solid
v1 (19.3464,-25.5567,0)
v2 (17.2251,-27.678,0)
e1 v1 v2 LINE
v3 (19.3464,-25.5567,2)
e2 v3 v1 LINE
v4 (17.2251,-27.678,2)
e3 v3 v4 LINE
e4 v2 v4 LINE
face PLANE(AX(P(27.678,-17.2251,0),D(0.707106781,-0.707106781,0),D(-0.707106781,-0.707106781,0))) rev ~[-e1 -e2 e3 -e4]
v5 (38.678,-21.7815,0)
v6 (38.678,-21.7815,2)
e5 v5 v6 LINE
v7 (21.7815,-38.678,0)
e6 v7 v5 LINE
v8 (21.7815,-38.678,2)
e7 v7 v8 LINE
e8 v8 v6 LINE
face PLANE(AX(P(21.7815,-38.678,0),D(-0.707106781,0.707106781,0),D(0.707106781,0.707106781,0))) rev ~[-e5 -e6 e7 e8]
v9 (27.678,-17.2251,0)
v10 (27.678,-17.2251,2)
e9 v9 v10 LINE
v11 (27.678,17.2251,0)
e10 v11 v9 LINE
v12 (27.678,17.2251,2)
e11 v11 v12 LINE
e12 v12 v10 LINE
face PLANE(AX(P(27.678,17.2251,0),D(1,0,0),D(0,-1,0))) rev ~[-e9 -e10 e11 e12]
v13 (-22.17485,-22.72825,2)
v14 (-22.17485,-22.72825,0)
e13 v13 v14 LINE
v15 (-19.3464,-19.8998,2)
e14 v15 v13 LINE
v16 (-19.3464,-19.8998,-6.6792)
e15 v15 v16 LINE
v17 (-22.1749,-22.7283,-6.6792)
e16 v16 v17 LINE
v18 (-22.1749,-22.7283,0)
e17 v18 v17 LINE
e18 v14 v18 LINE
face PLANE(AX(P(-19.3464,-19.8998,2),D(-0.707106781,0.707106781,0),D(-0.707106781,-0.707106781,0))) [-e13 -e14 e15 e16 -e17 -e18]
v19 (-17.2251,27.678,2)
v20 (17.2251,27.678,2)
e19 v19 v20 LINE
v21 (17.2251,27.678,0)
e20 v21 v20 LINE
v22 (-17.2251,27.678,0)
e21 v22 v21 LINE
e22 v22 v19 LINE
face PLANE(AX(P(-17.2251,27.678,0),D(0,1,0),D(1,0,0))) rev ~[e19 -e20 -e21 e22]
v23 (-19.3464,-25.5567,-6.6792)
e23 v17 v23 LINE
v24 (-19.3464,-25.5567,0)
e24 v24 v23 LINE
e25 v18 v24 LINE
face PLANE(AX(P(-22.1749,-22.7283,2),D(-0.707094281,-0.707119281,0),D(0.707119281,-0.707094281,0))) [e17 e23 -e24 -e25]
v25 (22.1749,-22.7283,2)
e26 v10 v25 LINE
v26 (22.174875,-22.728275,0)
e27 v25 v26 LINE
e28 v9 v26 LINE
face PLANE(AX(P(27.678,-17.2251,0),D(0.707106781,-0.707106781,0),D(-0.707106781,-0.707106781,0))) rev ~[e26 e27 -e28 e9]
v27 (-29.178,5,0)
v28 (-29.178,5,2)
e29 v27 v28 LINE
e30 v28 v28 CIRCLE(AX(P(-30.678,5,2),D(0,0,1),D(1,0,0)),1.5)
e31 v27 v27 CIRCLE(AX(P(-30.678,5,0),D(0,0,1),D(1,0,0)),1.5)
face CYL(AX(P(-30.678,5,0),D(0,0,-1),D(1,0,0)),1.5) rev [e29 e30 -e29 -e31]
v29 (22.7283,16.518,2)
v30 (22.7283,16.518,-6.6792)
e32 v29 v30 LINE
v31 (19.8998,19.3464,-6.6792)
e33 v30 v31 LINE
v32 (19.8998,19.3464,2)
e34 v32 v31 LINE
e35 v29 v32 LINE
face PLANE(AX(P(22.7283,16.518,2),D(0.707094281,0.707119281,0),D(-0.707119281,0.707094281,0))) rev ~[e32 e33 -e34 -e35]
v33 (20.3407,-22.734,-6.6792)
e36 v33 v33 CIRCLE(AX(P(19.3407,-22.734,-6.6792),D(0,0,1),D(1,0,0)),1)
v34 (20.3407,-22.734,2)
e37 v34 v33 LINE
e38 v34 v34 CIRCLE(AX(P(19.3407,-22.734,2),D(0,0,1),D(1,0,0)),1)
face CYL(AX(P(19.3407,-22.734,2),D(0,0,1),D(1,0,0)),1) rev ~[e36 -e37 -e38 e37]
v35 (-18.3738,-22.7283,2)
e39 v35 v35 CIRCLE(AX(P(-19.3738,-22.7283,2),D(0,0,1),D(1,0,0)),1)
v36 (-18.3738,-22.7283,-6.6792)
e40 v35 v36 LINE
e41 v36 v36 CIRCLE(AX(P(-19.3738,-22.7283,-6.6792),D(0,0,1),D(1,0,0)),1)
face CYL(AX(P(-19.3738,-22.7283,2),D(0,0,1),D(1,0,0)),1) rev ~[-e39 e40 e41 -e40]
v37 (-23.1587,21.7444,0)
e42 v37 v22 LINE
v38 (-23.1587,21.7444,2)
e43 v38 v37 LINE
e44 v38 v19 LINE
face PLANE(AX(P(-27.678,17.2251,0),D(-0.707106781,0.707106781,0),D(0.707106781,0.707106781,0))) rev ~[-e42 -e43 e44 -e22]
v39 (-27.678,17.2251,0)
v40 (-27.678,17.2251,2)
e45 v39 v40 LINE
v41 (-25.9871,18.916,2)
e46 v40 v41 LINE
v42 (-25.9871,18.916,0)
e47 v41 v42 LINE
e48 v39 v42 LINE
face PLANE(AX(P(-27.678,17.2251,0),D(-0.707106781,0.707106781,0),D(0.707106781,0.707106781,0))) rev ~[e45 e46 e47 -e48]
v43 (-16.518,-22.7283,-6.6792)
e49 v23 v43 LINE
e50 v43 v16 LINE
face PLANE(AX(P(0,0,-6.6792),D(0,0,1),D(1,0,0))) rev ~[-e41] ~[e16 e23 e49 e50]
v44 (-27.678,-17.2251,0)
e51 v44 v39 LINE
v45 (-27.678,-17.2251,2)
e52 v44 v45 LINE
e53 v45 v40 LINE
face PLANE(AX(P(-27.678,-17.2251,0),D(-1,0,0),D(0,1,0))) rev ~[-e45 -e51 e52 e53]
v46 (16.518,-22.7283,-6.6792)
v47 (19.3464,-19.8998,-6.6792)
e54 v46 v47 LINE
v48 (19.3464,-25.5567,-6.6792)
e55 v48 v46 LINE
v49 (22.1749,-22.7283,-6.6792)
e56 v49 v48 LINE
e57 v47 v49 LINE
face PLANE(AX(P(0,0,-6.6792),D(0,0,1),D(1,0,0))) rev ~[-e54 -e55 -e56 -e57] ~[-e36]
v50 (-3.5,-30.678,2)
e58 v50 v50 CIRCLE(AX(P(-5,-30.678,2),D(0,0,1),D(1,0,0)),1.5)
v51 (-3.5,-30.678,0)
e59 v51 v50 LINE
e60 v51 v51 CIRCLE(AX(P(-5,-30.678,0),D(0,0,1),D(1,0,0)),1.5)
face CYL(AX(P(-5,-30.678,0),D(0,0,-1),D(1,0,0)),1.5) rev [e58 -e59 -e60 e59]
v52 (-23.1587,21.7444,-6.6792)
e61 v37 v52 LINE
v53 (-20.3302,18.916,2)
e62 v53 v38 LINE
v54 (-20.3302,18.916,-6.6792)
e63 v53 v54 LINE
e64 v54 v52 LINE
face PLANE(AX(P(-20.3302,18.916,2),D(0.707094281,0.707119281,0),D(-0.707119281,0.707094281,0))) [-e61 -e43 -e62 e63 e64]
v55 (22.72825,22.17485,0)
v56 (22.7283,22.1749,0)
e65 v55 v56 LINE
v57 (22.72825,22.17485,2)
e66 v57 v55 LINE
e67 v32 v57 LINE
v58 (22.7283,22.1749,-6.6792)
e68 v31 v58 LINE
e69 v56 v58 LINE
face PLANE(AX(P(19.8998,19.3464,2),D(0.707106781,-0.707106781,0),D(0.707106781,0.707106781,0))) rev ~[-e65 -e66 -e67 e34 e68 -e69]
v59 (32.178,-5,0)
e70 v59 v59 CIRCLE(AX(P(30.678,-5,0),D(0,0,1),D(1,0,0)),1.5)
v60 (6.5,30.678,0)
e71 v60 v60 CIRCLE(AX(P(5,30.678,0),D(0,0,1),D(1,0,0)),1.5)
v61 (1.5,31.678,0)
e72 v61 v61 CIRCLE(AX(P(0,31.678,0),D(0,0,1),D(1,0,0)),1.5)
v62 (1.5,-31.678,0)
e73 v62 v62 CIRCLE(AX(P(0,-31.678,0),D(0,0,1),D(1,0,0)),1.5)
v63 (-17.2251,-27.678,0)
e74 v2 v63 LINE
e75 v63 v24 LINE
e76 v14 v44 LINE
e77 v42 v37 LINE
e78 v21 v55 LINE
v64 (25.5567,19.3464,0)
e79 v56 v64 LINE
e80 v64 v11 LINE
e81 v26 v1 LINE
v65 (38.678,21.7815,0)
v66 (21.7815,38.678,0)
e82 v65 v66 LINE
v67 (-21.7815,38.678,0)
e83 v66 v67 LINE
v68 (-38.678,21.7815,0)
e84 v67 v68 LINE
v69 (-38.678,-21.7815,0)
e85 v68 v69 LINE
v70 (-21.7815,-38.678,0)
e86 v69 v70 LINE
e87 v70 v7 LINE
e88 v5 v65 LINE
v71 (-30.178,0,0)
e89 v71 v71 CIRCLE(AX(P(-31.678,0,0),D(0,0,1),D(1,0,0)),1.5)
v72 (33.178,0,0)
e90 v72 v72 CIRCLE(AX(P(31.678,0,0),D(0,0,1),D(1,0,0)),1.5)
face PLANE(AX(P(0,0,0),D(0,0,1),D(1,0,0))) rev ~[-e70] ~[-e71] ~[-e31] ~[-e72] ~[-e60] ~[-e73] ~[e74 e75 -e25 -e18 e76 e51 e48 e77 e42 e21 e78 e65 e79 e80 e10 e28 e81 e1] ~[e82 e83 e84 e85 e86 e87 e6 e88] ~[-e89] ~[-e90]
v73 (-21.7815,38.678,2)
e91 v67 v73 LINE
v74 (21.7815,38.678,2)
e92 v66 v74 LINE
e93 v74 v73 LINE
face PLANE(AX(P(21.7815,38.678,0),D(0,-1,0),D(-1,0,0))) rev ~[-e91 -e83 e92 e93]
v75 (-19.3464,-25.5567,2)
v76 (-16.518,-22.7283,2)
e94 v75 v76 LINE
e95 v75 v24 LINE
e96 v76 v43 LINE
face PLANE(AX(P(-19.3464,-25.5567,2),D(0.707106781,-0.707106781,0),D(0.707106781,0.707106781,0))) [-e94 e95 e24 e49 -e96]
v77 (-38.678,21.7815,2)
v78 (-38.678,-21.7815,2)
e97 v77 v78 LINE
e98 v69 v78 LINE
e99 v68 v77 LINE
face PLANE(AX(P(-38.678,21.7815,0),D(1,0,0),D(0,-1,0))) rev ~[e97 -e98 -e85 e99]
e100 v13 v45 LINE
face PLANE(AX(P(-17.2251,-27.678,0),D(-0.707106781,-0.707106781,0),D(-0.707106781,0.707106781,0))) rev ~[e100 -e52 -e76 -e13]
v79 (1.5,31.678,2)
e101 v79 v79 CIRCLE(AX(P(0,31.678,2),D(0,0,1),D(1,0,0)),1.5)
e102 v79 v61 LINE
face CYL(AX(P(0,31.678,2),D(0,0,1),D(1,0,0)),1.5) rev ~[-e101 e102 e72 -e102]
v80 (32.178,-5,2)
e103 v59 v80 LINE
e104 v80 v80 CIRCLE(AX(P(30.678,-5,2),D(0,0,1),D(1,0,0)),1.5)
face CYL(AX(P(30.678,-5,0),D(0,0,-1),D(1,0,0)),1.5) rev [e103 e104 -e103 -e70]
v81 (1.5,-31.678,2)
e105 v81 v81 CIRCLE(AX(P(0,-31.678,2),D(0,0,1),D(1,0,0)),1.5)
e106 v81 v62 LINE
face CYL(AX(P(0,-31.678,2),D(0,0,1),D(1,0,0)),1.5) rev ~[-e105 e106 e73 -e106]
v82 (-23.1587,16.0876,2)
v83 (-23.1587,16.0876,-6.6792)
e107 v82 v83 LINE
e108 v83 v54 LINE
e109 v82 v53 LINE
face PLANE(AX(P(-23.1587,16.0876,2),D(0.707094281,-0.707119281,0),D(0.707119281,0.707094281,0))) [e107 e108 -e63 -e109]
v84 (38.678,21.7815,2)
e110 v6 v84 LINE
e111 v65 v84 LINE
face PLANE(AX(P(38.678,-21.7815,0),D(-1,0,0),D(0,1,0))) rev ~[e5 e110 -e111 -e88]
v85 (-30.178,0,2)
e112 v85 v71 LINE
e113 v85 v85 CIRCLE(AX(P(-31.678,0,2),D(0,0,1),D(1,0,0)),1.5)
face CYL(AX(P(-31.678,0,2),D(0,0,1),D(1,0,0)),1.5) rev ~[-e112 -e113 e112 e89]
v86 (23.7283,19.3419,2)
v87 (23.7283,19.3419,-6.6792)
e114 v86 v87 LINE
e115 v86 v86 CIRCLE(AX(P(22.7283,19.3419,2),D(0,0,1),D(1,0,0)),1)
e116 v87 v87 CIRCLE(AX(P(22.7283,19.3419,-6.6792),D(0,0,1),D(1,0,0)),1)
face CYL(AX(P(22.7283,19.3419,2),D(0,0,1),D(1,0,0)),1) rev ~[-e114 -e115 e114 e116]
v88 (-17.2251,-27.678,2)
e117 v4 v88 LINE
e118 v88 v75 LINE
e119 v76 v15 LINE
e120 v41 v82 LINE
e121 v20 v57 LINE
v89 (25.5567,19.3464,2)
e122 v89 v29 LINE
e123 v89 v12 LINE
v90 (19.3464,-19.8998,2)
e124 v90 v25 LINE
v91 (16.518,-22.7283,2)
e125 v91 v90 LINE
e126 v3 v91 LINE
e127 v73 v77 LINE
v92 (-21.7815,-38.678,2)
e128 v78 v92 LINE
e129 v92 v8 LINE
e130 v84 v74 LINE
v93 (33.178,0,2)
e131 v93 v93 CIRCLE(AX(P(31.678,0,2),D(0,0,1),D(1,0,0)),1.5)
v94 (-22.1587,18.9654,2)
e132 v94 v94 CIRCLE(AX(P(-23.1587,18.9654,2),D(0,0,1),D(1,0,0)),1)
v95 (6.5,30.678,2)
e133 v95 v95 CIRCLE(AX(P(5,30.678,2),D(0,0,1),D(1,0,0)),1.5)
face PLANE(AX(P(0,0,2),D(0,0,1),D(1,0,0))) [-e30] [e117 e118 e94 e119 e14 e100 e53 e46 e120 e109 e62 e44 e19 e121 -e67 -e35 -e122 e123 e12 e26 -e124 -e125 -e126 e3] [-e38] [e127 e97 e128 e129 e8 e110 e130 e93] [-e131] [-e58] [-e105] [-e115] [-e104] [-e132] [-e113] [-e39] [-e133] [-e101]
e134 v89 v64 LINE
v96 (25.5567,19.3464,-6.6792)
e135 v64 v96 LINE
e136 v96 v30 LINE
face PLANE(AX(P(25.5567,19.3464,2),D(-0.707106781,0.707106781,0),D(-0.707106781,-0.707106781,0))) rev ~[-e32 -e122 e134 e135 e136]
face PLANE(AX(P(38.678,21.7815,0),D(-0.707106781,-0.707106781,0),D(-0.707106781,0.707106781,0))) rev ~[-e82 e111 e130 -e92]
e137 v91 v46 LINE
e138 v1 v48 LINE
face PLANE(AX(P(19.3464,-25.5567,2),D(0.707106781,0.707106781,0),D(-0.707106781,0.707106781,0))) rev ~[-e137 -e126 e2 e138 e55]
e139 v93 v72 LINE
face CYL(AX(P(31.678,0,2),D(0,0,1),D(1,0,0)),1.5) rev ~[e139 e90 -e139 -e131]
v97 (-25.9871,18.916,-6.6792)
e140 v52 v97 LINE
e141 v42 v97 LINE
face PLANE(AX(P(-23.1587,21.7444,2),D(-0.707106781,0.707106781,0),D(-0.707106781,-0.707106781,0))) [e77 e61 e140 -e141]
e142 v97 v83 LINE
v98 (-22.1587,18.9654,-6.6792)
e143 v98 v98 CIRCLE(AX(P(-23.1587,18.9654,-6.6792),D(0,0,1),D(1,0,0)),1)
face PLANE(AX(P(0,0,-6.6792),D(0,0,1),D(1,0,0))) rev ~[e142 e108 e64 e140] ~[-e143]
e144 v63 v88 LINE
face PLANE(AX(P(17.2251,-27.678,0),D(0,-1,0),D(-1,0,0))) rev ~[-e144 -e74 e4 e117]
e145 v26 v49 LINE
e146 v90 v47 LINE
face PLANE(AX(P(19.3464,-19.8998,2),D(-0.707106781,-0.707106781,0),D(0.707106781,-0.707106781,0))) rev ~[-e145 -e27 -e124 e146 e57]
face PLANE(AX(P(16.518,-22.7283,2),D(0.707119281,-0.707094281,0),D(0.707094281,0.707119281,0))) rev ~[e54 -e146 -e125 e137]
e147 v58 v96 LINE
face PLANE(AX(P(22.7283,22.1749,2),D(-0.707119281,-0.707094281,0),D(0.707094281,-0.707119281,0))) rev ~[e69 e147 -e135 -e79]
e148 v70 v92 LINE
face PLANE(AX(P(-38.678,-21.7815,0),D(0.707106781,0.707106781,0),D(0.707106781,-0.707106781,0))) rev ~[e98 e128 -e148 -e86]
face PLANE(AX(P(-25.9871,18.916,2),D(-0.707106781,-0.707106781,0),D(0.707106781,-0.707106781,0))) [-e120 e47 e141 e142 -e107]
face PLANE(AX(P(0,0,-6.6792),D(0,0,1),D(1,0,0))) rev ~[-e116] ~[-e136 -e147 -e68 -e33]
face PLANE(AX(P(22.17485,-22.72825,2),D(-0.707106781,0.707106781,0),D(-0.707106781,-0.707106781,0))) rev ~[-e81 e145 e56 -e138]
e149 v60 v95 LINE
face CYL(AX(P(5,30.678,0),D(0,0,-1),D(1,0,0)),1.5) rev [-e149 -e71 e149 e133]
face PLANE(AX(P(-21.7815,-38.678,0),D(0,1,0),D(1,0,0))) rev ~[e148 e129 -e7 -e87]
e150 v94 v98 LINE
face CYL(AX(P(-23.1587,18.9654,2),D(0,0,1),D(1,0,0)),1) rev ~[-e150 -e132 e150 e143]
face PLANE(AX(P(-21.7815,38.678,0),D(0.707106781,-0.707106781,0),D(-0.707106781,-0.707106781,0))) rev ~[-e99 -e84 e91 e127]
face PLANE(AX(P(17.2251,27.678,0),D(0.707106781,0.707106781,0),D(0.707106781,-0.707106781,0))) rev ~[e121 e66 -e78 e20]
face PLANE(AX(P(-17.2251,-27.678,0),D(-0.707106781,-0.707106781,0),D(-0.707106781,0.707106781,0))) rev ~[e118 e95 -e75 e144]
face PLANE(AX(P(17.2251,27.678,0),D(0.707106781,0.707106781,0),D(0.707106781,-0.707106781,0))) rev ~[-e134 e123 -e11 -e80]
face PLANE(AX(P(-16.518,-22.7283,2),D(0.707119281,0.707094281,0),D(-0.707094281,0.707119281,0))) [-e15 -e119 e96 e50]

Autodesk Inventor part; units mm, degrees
ref_plane "YZ Plane" through (0, 0, 0) normal (1, 0, 0) x (0, 1, 0)
ref_plane "XZ Plane" through (0, 0, 0) normal (0, 1, 0) x (-1, 0, 0)
sketch "Эскиз1" plane through (0, 0, 0) normal (0, 0, 1) x (1, 0, 0)
  line L0 (-28.678, -17.6393) -> (-17.6393, -28.678) construction
  line L1 (-17.6393, -28.678) -> (-7, -28.678) construction
  line L2 (-7, -32.678) -> (-7, -28.678) construction
  line L3 (-3, -32.678) -> (-7, -32.678) construction
  line L4 (-3, -28.678) -> (-3, -32.678) construction
  line L5 (-3, -28.678) -> (17.6393, -28.678) construction
  line L6 (17.6393, -28.678) -> (28.678, -17.6393) construction
  line L7 (28.678, -17.6393) -> (28.678, -7) construction
  line L8 (32.678, -7) -> (28.678, -7) construction
  line L9 (32.678, -3) -> (32.678, -7) construction
  line L10 (28.678, -3) -> (32.678, -3) construction
  line L11 (28.678, -3) -> (28.678, 17.6393) construction
  line L12 (28.678, 17.6393) -> (17.6393, 28.678) construction
  line L13 (17.6393, 28.678) -> (7, 28.678) construction
  line L14 (7, 32.678) -> (7, 28.678) construction
  line L15 (3, 32.678) -> (7, 32.678) construction
  line L16 (3, 28.678) -> (3, 32.678) construction
  line L17 (3, 28.678) -> (-17.6393, 28.678) construction
  line L18 (-17.6393, 28.678) -> (-28.678, 17.6393) construction
  line L19 (-28.678, 17.6393) -> (-28.678, 7) construction
  line L20 (-32.678, 7) -> (-28.678, 7) construction
  line L21 (-32.678, 3) -> (-32.678, 7) construction
  line L22 (-28.678, 3) -> (-32.678, 3) construction
  line L23 (-28.678, 3) -> (-28.678, -17.6393) construction
  line L24 (-27.678, 17.2251) -> (-17.2251, 27.678) construction
  line L25 (-17.2251, 27.678) -> (17.2251, 27.678) construction
  line L26 (17.2251, 27.678) -> (27.678, 17.2251) construction
  line L27 (27.678, 17.2251) -> (27.678, -17.2251) construction
  line L28 (27.678, -17.2251) -> (17.2251, -27.678) construction
  line L29 (17.2251, -27.678) -> (-17.2251, -27.678) construction
  line L30 (-17.2251, -27.678) -> (-27.678, -17.2251) construction
  line L31 (-27.678, -17.2251) -> (-27.678, 17.2251) construction
  line L32 (38.678, 21.7815) -> (21.7815, 38.678)
  line L33 (21.7815, 38.678) -> (-21.7815, 38.678)
  line L34 (-21.7815, 38.678) -> (-38.678, 21.7815)
  line L35 (-38.678, 21.7815) -> (-38.678, -21.7815)
  line L36 (-38.678, -21.7815) -> (-21.7815, -38.678)
  line L37 (-21.7815, -38.678) -> (21.7815, -38.678)
  line L38 (21.7815, -38.678) -> (38.678, -21.7815)
  line L39 (38.678, -21.7815) -> (38.678, 21.7815)
  line L40 (17.2251, 27.678) -> (27.678, 17.2251)
  line L41 (27.678, 17.2251) -> (27.678, -17.2251)
  line L42 (27.678, -17.2251) -> (17.2251, -27.678)
  line L43 (17.2251, -27.678) -> (-17.2251, -27.678)
  line L44 (-17.2251, -27.678) -> (-27.678, -17.2251)
  line L45 (-27.678, -17.2251) -> (-27.678, 17.2251)
  line L46 (-27.678, 17.2251) -> (-17.2251, 27.678)
  line L47 (-17.2251, 27.678) -> (17.2251, 27.678)
  circle A0 centre (30.678, -5) radius 1.5
  circle A1 centre (5, 30.678) radius 1.5
  circle A2 centre (-30.678, 5) radius 1.5
  circle A3 centre (-5, -30.678) radius 1.5
  circle A4 centre (5, 30.678) radius 1 projected
  circle A5 centre (-30.678, 5) radius 1 projected
  circle A6 centre (30.678, -5) radius 1 projected
  circle A7 centre (-5, -30.678) radius 1 projected
  point P0 (0, 0)
  dimension "d0" = 11
  dimension "d1" = 11
  dimension "d4" = 3
  dimension "d5" = 3
  dimension "d6" = 3
  dimension "d7" = 3
extrude "Выдавливание2" add sketch "Эскиз1" along normal blind 2 contours L39 L38 L37 L36 L35 L34 L33 L32
sketch "Эскиз2" plane through (0, 0, 2) normal (0, 0, 1) x (1, 0, 0)
  line L0 (21.7815, 38.678) -> (-21.7815, 38.678) construction
  line L1 (-21.7815, 38.678) -> (-38.678, 21.7815) construction
  line L2 (-38.678, 21.7815) -> (-38.678, -21.7815) construction
  line L3 (-38.678, -21.7815) -> (-21.7815, -38.678) construction
  line L4 (-21.7815, -38.678) -> (21.7815, -38.678) construction
  line L5 (21.7815, -38.678) -> (38.678, -21.7815) construction
  line L6 (38.678, -21.7815) -> (38.678, 21.7815) construction
  line L7 (38.678, 21.7815) -> (21.7815, 38.678) construction
  line L8 (17.2251, 27.678) -> (27.678, 17.2251) construction
  line L9 (27.678, 17.2251) -> (27.678, -17.2251) construction
  line L10 (27.678, -17.2251) -> (17.2251, -27.678) construction
  line L11 (17.2251, -27.678) -> (-17.2251, -27.678) construction
  line L12 (-17.2251, -27.678) -> (-27.678, -17.2251) construction
  line L13 (-27.678, -17.2251) -> (-27.678, 17.2251) construction
  line L14 (-27.678, 17.2251) -> (-17.2251, 27.678) construction
  line L15 (-17.2251, 27.678) -> (17.2251, 27.678) construction
  circle A0 centre (-5, -30.678) radius 1.5 construction
  circle A1 centre (-30.678, 5) radius 1.5 construction
  circle A2 centre (5, 30.678) radius 1.5 construction
  circle A3 centre (30.678, -5) radius 1.5 construction
  line L16 (27.678, -17.2251) -> (17.2251, -27.678) projected
  line L17 (22.1749, -22.7283) -> (19.3464, -25.5567)
  line L18 (19.3464, -25.5567) -> (16.518, -22.7283)
  line L19 (16.518, -22.7283) -> (19.3464, -19.8998)
  line L20 (19.3464, -19.8998) -> (22.1749, -22.7283)
  line L21 (17.2251, -27.678) -> (-17.2251, -27.678) construction
  line L22 (0, -27.678) -> (0, 27.678) construction
  line L23 (27.678, 17.2251) -> (27.678, -17.2251) construction
  line L24 (27.678, 0) -> (-27.678, 0) construction
  line L25 (-27.678, -17.2251) -> (-27.678, 17.2251) construction
  line L26 (-22.1749, -22.7283) -> (-19.3464, -25.5567)
  line L27 (-19.3464, -25.5567) -> (-16.518, -22.7283)
  line L28 (-16.518, -22.7283) -> (-19.3464, -19.8998)
  line L29 (-19.3464, -19.8998) -> (-22.1749, -22.7283)
  line L30 (-27.678, 17.2251) -> (-17.2251, 27.678) construction
  line L31 (22.4516, -22.4516) -> (-22.4516, 22.4516) construction
  line L32 (27.678, 17.2251) -> (17.2251, 27.678) construction
  line L33 (22.7283, 22.1749) -> (25.5567, 19.3464)
  line L34 (19.8998, 19.3464) -> (22.7283, 22.1749)
  line L35 (22.7283, 16.518) -> (19.8998, 19.3464)
  line L36 (25.5567, 19.3464) -> (22.7283, 16.518)
  circle A4 centre (19.3407, -22.734) radius 1
  circle A5 centre (-19.3738, -22.7283) radius 1
  circle A6 centre (22.7283, 19.3419) radius 1
  line L37 (-23.1587, 16.0876) -> (-20.3302, 18.916)
  line L38 (-20.3302, 18.916) -> (-23.1587, 21.7444)
  line L39 (-23.1587, 21.7444) -> (-25.9871, 18.916)
  line L40 (-25.9871, 18.916) -> (-23.1587, 16.0876)
  circle A7 centre (-23.1587, 18.9654) radius 1
  point P0 (0, 0)
  dimension "d11" = 4
  dimension "d12" = 3
  dimension "d30" = 2
  dimension "d31" = 2
  dimension "d32" = 2
  dimension "d33" = 4
  dimension "d34" = 4
  dimension "d36" = 1
  dimension "d37" = 2
ref_plane "РабПлоскость1" through (-27.178, -27.178, -6.6792) normal (0, 0, 1) x (1, 0, 0)
extrude "Выдавливание3" add sketch "Эскиз2" against normal up to surface (8.6792 mm away)
sketch "Эскиз3" plane through (0, 0, 2) normal (0, 0, 1) x (1, 0, 0)
  circle A0 centre (-5, -30.678) radius 1.5 construction
  circle A1 centre (30.678, -5) radius 1.5 construction
  circle A2 centre (-30.678, 5) radius 1.5 construction
  circle A3 centre (5, 30.678) radius 1.5 construction
  line L0 (-17.2251, 27.678) -> (17.2251, 27.678) construction
  line L1 (0, 27.678) -> (0, -27.678) construction
  line L2 (17.2251, -27.678) -> (-17.2251, -27.678) construction
  line L3 (27.678, 17.2251) -> (27.678, -17.2251) construction
  line L4 (27.678, 0) -> (-27.678, 0) construction
  line L5 (-27.678, -17.2251) -> (-27.678, 17.2251) construction
  circle A4 centre (0, -31.678) radius 1.5
  circle A5 centre (31.678, 0) radius 1.5
  circle A6 centre (-31.678, 0) radius 1.5
  circle A7 centre (0, 31.678) radius 1.5
  point P0 (0, 0)
  dimension "d15" = 3
  dimension "d16" = 3
  dimension "d17" = 3
  dimension "d18" = 3
  dimension "d19" = 4
  dimension "d20" = 4
  dimension "d21" = 4
  dimension "d22" = 4
extrude "Выдавливание4" cut sketch "Эскиз3" against normal through all
properties part number "Середина"
